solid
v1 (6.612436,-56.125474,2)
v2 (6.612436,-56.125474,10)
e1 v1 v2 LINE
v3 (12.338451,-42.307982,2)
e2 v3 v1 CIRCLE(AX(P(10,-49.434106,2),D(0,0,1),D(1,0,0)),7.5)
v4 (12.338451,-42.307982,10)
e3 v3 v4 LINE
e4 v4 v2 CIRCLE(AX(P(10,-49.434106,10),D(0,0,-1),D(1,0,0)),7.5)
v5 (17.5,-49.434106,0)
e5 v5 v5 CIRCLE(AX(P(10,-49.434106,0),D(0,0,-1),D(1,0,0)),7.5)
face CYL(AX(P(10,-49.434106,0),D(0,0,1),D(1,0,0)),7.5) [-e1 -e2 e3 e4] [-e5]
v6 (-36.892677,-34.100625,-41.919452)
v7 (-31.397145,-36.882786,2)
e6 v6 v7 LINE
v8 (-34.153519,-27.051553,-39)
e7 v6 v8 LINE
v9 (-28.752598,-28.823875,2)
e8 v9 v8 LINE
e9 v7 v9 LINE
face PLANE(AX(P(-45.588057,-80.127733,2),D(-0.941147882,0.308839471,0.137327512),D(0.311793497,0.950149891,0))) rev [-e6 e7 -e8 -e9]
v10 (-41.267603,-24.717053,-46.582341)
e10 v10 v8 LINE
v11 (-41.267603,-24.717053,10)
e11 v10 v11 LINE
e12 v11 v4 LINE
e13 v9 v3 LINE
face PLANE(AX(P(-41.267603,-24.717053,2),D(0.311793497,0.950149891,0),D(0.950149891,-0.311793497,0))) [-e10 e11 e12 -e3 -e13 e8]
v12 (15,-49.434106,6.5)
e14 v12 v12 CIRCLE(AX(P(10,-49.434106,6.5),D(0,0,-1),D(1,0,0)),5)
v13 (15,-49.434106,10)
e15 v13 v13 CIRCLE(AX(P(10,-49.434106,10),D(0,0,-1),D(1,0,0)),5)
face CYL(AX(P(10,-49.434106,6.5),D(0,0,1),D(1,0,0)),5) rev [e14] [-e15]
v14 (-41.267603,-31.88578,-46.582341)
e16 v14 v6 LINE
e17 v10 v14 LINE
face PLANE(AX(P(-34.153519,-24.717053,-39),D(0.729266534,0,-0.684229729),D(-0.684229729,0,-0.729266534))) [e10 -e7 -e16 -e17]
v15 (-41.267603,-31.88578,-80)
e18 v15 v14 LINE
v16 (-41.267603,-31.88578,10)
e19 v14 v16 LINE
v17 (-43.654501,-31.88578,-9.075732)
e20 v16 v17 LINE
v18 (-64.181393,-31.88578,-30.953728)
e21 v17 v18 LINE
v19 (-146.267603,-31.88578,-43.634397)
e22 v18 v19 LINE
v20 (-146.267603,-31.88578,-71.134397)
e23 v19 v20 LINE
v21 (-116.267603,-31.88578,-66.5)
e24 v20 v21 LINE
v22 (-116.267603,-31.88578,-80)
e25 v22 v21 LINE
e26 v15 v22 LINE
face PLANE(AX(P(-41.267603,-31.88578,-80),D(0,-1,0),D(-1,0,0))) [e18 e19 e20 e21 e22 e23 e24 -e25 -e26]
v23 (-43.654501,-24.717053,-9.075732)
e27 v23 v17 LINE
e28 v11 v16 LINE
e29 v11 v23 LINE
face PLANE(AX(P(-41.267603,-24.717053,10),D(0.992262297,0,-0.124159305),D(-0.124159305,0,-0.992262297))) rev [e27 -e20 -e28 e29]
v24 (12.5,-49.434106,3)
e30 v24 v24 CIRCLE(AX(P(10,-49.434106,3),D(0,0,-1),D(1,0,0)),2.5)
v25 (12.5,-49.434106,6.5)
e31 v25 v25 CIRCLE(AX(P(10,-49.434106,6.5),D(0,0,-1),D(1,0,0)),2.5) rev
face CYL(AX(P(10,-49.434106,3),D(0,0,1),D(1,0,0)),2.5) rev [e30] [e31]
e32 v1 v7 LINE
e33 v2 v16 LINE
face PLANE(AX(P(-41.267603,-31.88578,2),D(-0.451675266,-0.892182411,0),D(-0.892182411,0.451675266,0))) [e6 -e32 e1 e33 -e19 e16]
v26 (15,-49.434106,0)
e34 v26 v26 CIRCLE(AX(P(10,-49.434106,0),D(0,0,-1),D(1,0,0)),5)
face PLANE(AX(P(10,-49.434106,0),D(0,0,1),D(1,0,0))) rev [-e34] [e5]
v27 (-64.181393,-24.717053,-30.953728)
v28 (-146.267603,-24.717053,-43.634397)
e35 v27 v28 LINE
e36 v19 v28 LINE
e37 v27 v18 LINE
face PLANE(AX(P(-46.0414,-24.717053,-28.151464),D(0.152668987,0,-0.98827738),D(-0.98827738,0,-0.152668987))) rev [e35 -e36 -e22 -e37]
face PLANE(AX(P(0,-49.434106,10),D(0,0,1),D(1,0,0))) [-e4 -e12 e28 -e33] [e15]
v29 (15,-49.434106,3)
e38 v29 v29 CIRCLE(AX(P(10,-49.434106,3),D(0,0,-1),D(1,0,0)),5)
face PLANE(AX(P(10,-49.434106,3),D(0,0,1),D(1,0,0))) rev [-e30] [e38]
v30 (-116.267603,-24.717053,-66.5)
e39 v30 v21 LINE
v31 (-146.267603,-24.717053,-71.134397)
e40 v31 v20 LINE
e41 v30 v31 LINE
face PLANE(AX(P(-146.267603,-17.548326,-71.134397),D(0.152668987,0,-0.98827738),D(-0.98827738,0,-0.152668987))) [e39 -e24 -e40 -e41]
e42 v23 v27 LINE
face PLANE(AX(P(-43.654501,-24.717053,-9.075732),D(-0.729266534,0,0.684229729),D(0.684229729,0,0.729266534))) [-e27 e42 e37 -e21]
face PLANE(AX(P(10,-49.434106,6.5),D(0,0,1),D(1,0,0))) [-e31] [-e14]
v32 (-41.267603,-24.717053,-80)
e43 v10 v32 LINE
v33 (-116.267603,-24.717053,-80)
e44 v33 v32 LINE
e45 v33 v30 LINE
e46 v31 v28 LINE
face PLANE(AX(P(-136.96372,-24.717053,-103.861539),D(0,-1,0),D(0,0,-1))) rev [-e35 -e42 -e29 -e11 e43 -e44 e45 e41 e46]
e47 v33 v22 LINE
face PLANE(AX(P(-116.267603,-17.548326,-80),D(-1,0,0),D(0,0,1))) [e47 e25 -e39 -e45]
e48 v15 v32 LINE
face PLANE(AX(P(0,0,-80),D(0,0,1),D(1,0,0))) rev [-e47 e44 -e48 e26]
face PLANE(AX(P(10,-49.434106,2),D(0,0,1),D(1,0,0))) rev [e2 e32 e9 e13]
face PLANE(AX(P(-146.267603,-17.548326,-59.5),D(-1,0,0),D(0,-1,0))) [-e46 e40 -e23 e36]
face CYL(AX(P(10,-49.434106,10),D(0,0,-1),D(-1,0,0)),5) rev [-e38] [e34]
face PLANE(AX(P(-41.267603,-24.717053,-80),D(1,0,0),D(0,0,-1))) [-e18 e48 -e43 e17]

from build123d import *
from build123d.topology import SkipClean

# Parameters (mm, degrees)
CROQUIS1_R                  = 6
CROQUIS1_R_2                = 5
SALIENTE_EXTRUIR1_DEPTH     = 10
SALIENTE_EXTRUIR2_START     = -7
CROQUIS2_R                  = 5
CROQUIS2_R_2                = 2.5
SALIENTE_EXTRUIR2_DEPTH     = 7
CORTAR_EXTRUIR2_START       = -3.5
CROQUIS3_R                  = 5
CORTAR_EXTRUIR2_DEPTH       = 3.5
CROQUIS4_R                  = 6
CORTAR_EXTRUIR3_DEPTH       = 0.8
SALIENTE_EXTRUIR3_START     = -10
CROQUIS5_R                  = 7.5
CROQUIS5_R_2                = 5
SALIENTE_EXTRUIR3_DEPTH     = 10
SALIENTE_EXTRUIR4_START     = -8
SALIENTE_EXTRUIR4_DEPTH     = 8
CROQUIS7_W                  = 75
CROQUIS7_H                  = 7.168726593
SALIENTE_EXTRUIR5_DEPTH     = 90
SALIENTE_EXTRUIR6_DEPTH     = 7.168727
SALIENTE_EXTRUIR9_DEPTH     = 41
SALIENTE_EXTRUIR10_DEPTH    = 49
CORTAR_EXTRUIR4_START       = -41
CORTAR_EXTRUIR4_DEPTH       = 41
CORTAR_EXTRUIR5_DEPTH       = 143.675260973
CORTAR_EXTRUIR7_DEPTH       = 145.942427149
CORTAR_EXTRUIR8_DEPTH       = 145.942427149
CORTAR_EXTRUIR9_DEPTH       = 144.33727388
CROQUIS17_W                 = 30
CROQUIS17_H                 = 20.5
SALIENTE_EXTRUIR12_DEPTH    = 7.168727
CORTAR_EXTRUIR10_DEPTH      = 170.800324178
SALIENTE_EXTRUIR13_DEPTH    = 7.168723
SALIENTE_EXTRUIR14_DEPTH    = 7.168723
CORTAR_EXTRUIR12_DEPTH      = 171.613176039
CORTAR_EXTRUIR12_DEPTH_BACK = 171.613176039
SALIENTE_EXTRUIR15_DEPTH    = 7.168727
SALIENTE_EXTRUIR16_DEPTH    = 7.168727
SALIENTE_EXTRUIR17_DEPTH    = 2.399783
CORTAR_EXTRUIR13_DEPTH      = 165.428416042
CORTAR_EXTRUIR14_DEPTH      = 165.428416042
CORTAR_EXTRUIR15_DEPTH      = 150.41186397
CORTAR_EXTRUIR16_DEPTH      = 159.45665044


with BuildPart() as part:
    # Croquis1 → Saliente-Extruir1 (new body)
    with BuildSketch(Plane.XY):
        with Locations((10, 0)):
            Circle(CROQUIS1_R)
        with Locations((10, 0)):
            Circle(CROQUIS1_R_2, mode=Mode.SUBTRACT)
    extrude(amount=SALIENTE_EXTRUIR1_DEPTH)

    # Croquis2 → Saliente-Extruir2 (add)
    with BuildSketch(Plane.XY.offset(10).offset(SALIENTE_EXTRUIR2_START)):
        with Locations((10, 0)):
            Circle(CROQUIS2_R)
        with Locations((10, 0)):
            Circle(CROQUIS2_R_2, mode=Mode.SUBTRACT)
    extrude(amount=SALIENTE_EXTRUIR2_DEPTH)

    # Croquis3 → Cortar-Extruir2 (cut)
    with BuildSketch(Plane.XY.offset(10).offset(CORTAR_EXTRUIR2_START)):
        with Locations((10, 0)):
            Circle(CROQUIS3_R)
    extrude(amount=CORTAR_EXTRUIR2_DEPTH, mode=Mode.SUBTRACT)

    # Croquis4 → Cortar-Extruir3 (cut)
    with BuildSketch(Plane(origin=(0, 0, 0), x_dir=(-1, 0, 0), z_dir=(0, 0, -1))):
        with Locations((-10, 0)):
            Circle(CROQUIS4_R)
    extrude(amount=-CORTAR_EXTRUIR3_DEPTH, mode=Mode.SUBTRACT)

    # Croquis5 → Saliente-Extruir3 (add)
    with BuildSketch(Plane.XY.offset(10).offset(SALIENTE_EXTRUIR3_START)):
        with Locations((10, 0)):
            Circle(CROQUIS5_R)
        with Locations((10, 0)):
            Circle(CROQUIS5_R_2, mode=Mode.SUBTRACT)
    extrude(amount=SALIENTE_EXTRUIR3_DEPTH)

    # Croquis6 → Saliente-Extruir4 (add)
    with BuildSketch(Plane.XY.offset(10).offset(SALIENTE_EXTRUIR4_START)):
        with BuildLine():
            Line((-41.267602672, -17.548326339), (6.612435502, 6.691368079))
            ThreePointArc((6.612435502, 6.691368079), (3.071368624, -2.871248378), (12.338451231, -7.126124181))
            Line((12.338451231, -7.126124181), (-41.267602672, -24.717052932))
            Line((-41.267602672, -24.717052932), (-41.267602672, -17.548326339))
        make_face()
    extrude(amount=SALIENTE_EXTRUIR4_DEPTH)

    # Croquis7 → Saliente-Extruir5 (add)
    with BuildSketch(Plane.XY.offset(10)):
        with Locations((-78.767602672, -21.132689636)):
            Rectangle(CROQUIS7_W, CROQUIS7_H)
    extrude(amount=-SALIENTE_EXTRUIR5_DEPTH)

    # Croquis8 → Saliente-Extruir6 (add)
    with SkipClean():  # the faces are left unmerged after this step: merging them gives an invalid solid
        with BuildSketch(Plane.XZ.offset(24.717052932)):
            Polygon((-27.979148649, 2), (-41.267602672, -39), (-41.267602672, 2), align=None)
        extrude(amount=-SALIENTE_EXTRUIR6_DEPTH)

    # Croquis10 → Saliente-Extruir9 (add)
    with BuildSketch(Plane(origin=(0, 0, 2), x_dir=(-1, 0, 0), z_dir=(0, 0, -1))):
        Polygon((41.267602672, -17.548326339), (27.979148649, -17.548326339), (27.979148649, -10.820928511), align=None)
    extrude(amount=SALIENTE_EXTRUIR9_DEPTH)

    # Croquis11 → Saliente-Extruir10 (add)
    with BuildSketch(Plane(origin=(0, 0, -39), x_dir=(-1, 0, 0), z_dir=(0, 0, -1))):
        Polygon((41.267602672, -17.548326339), (41.267602672, -24.717052932), (27.979148649, -20.356421419), (27.979148649, -17.548326339), align=None)
    extrude(amount=-SALIENTE_EXTRUIR10_DEPTH)

    # Croquis12 → Cortar-Extruir4 (cut)
    with BuildSketch(Plane.XY.offset(2).offset(CORTAR_EXTRUIR4_START)):
        Polygon((-41.267602672, -24.717052932), (-27.979148649, -20.356421419), (-27.979148649, -24.717052932), align=None)
    extrude(amount=CORTAR_EXTRUIR4_DEPTH, mode=Mode.SUBTRACT)

    # Croquis13 → Cortar-Extruir5 (cut, through all)
    with BuildSketch(Plane(origin=(-1.347459035, 2.6616008, 0), x_dir=(0.89218241056854, 0.45167526639402034, 0), z_dir=(-0.45167526639402034, 0.89218241056854, 0))):
        Polygon((-29.850050056, -2), (-37.29721213, 39), (-29.850050056, 39), align=None)
    extrude(amount=-CORTAR_EXTRUIR5_DEPTH, mode=Mode.SUBTRACT)

    # Croquis14 → Cortar-Extruir7 (cut, through all)
    with BuildSketch(Plane(origin=(3.310603082, -10.088629756, 0), x_dir=(0.9501498907741007, 0.31179349746581414, 0), z_dir=(0.3117934974658141, -0.9501498907741006, 0))):
        Polygon((-29.95828018, 2), (-32.931384863, 2), (-36.10801617, -39), align=None)
    extrude(amount=-CORTAR_EXTRUIR7_DEPTH, mode=Mode.SUBTRACT)


with BuildPart() as cortar_extruir7_piece_1:
    # of the separate pieces the step leaves, piece 1, a body of its own (cortar_extruir7_pieces)
    add(part.part.solids().sort_by_distance((12.338451231, -7.126124181, 10))[0])


with BuildPart() as cortar_extruir7_piece_2:
    # of the separate pieces the step leaves, piece 2, a body of its own (cortar_extruir7_pieces)
    add(part.part.solids().sort_by_distance((-27.979148649, -20.356421419, -21.711689973))[0])


with BuildPart() as cortar_extruir8_tool:
    # Croquis15 → Cortar-Extruir8 (new, through all)
    with BuildSketch(Plane(origin=(3.310603082, -10.088629756, 0), x_dir=(0.9501498907741007, 0.31179349746581414, 0), z_dir=(0.3117934974658141, -0.9501498907741006, 0))):
        Polygon((-26.166370626, 2), (-33.745414131, 2), (-39.42969676, -39), (-33.745414131, -39), align=None)
    extrude(amount=-CORTAR_EXTRUIR8_DEPTH)


with BuildPart() as cortar_extruir7_piece_1_1:
    add(cortar_extruir7_piece_1.part)

    # Cortar-Extruir8: cut by cortar_extruir8_tool
    add(cortar_extruir8_tool.part, mode=Mode.SUBTRACT)

    # Croquis16 → Cortar-Extruir9 (cut, through all)
    with BuildSketch(Plane(origin=(0, -17.548326339, 0), x_dir=(1, 0, 0), z_dir=(0, 1, 0))):
        Polygon((-41.267602672, -10), (-46.041400107, 28.151463514), (-116.267602672, 39), (-116.267602672, -10), align=None)
    extrude(amount=-CORTAR_EXTRUIR9_DEPTH, mode=Mode.SUBTRACT)

    # Croquis17 → Saliente-Extruir12 (add)
    with SkipClean():  # the faces are left unmerged after this step: merging them gives an invalid solid
        with BuildSketch(Plane.XZ.offset(24.717052932)):
            with Locations((-131.267602672, -49.25)):
                Rectangle(CROQUIS17_W, CROQUIS17_H)
        extrude(amount=-SALIENTE_EXTRUIR12_DEPTH)

    # Croquis18 → Cortar-Extruir10 (cut, through all)
    with SkipClean():  # the faces are left unmerged after this step: merging them gives an invalid solid
        with BuildSketch(Plane.XZ.offset(24.717052932)):
            Polygon((-146.267602672, -59.5), (-116.267602672, -59.5), (-146.267602672, -64.144245374), align=None)
            Polygon((-116.267602672, -39), (-146.267602672, -43.634396888), (-146.267602672, -39), align=None)
        extrude(amount=-CORTAR_EXTRUIR10_DEPTH, mode=Mode.SUBTRACT)

    # Croquis19 → Saliente-Extruir13 (add)
    with SkipClean():  # the faces are left unmerged after this step: merging them gives an invalid solid
        with BuildSketch(Plane.XZ.offset(24.717052932)):
            Polygon((-146.267602672, -59.5), (-116.267602672, -59.5), (-146.267602672, -64.134396888), align=None)
        extrude(amount=-SALIENTE_EXTRUIR13_DEPTH)

    # Croquis20 → Saliente-Extruir14 (add)
    with SkipClean():  # the faces are left unmerged after this step: merging them gives an invalid solid
        with BuildSketch(Plane.XZ.offset(24.717052932)):
            Polygon((-146.267602672, -64.134396888), (-116.267602672, -59.5), (-116.267602672, -66.5), (-146.267602672, -71.134396888), align=None)
        extrude(amount=-SALIENTE_EXTRUIR14_DEPTH)

    # Simetría5: Cortar-Extruir7 piece 1 across plane


with BuildPart() as cortar_extruir7_piece_2_1:
    add(cortar_extruir7_piece_2.part)

    # Cortar-Extruir8: cut by cortar_extruir8_tool
    add(cortar_extruir8_tool.part, mode=Mode.SUBTRACT)


with BuildPart() as cortar_extruir7_piece_1_2:
    with SkipClean():  # the faces are left unmerged after this step: merging them gives an invalid solid
        add(cortar_extruir7_piece_1_1.part)
        add(cortar_extruir7_piece_1_1.part.mirror(Plane(origin=(-41.267602672, -24.717052932, -80), x_dir=(0, 0, 1), z_dir=(0, 1, 0))))

    # Croquis22 → Cortar-Extruir12 (cut, two sides: drawn at the far end of the back side and taken through both)
    with SkipClean():  # the faces are left unmerged after this step: merging them gives an invalid solid
        with BuildSketch(Plane(origin=(3.174348647, 0, -20.548619752), x_dir=(0.988277380271317, 0, 0.15266898717179916), z_dir=(-0.15266898717179916, 0, 0.988277380271317)).offset(-CORTAR_EXTRUIR12_DEPTH_BACK)):
            Polygon((-151.214582366, -24.717052932), (-160.929410211, -24.717052932), (-160.929410211, 29.151790767), (25.906832494, 29.151790767), (25.906832494, -24.717052932), align=None)
        extrude(amount=CORTAR_EXTRUIR12_DEPTH + CORTAR_EXTRUIR12_DEPTH_BACK, mode=Mode.SUBTRACT)

    # Croquis25 → Saliente-Extruir15 (add)
    with SkipClean():  # the faces are left unmerged after this step: merging them gives an invalid solid
        with BuildSketch(Plane.XZ.offset(31.885779526)):
            Polygon((-43.654501389, -9.075731757), (-64.181393268, -30.953727775), (-46.041400107, -28.151463514), align=None)
        extrude(amount=-SALIENTE_EXTRUIR15_DEPTH)

    # Croquis26 → Saliente-Extruir16 (add)
    with SkipClean():  # the faces are left unmerged after this step: merging them gives an invalid solid
        with BuildSketch(Plane.XZ.offset(31.885779526)):
            Polygon((-34.153518988, -39), (-41.267602672, -46.58234103), (-41.267602672, -39), align=None)
        extrude(amount=-SALIENTE_EXTRUIR16_DEPTH)

    # Croquis27 → Saliente-Extruir17 (add)
    with SkipClean():  # the faces are left unmerged after this step: merging them gives an invalid solid
        with BuildSketch(Plane.XZ.offset(31.885779526)):
            Polygon((-41.267602672, -39), (-34.153518988, -39), (-41.267602672, -46.58234103), align=None)
        extrude(amount=SALIENTE_EXTRUIR17_DEPTH)

    # Croquis28 → Cortar-Extruir13 (cut, through all)
    with SkipClean():  # the faces are left unmerged after this step: merging them gives an invalid solid
        with BuildSketch(Plane.XY.offset(-39)):
            Polygon((-41.267602672, -31.885779526), (-41.267602672, -34.285562838), (-36.527373087, -34.285562838), align=None)
            Polygon((-41.267602672, -24.717052932), (-34.153518988, -24.717052932), (-34.153518988, -27.051553051), align=None)
        extrude(amount=-CORTAR_EXTRUIR13_DEPTH, mode=Mode.SUBTRACT)

    # Croquis29 → Cortar-Extruir14 (cut, through all)
    with SkipClean():  # the faces are left unmerged after this step: merging them gives an invalid solid
        with BuildSketch(Plane.XY.offset(-39)):
            Polygon((-34.153518988, -27.051553051), (-36.527373087, -34.285562838), (-34.153518988, -34.285562838), align=None)
        extrude(amount=-CORTAR_EXTRUIR14_DEPTH, mode=Mode.SUBTRACT)

    # Croquis30 → Cortar-Extruir15 (cut, through all)
    with SkipClean():  # the faces are left unmerged after this step: merging them gives an invalid solid
        with BuildSketch(Plane(origin=(-21.268253266, -42.010627722, 0), x_dir=(0.8921824105685466, -0.4516752663940073, 0), z_dir=(-0.4516752663940073, -0.8921824105685466, 0))):
            Polygon((-17.103139044, -39), (-17.103139044, -41.530103964), (-17.512588728, -41.919452496), align=None)
        extrude(amount=-CORTAR_EXTRUIR15_DEPTH, mode=Mode.SUBTRACT)

    # Croquis33 → Cortar-Extruir16 (cut, through all)
    with SkipClean():  # the faces are left unmerged after this step: merging them gives an invalid solid
        with BuildSketch(Plane(origin=(-11.334278343, -34.539730358, 0), x_dir=(0.9501498907741053, -0.31179349746580015, 0), z_dir=(0.31179349746580015, 0.9501498907741053, 0))):
            Polygon((-24.016463998, 39), (-24.421219928, 41.919452496), (-24.016463998, 40.933309055), align=None)
        extrude(amount=-CORTAR_EXTRUIR16_DEPTH, mode=Mode.SUBTRACT)


solid = cortar_extruir7_piece_1_2.part
